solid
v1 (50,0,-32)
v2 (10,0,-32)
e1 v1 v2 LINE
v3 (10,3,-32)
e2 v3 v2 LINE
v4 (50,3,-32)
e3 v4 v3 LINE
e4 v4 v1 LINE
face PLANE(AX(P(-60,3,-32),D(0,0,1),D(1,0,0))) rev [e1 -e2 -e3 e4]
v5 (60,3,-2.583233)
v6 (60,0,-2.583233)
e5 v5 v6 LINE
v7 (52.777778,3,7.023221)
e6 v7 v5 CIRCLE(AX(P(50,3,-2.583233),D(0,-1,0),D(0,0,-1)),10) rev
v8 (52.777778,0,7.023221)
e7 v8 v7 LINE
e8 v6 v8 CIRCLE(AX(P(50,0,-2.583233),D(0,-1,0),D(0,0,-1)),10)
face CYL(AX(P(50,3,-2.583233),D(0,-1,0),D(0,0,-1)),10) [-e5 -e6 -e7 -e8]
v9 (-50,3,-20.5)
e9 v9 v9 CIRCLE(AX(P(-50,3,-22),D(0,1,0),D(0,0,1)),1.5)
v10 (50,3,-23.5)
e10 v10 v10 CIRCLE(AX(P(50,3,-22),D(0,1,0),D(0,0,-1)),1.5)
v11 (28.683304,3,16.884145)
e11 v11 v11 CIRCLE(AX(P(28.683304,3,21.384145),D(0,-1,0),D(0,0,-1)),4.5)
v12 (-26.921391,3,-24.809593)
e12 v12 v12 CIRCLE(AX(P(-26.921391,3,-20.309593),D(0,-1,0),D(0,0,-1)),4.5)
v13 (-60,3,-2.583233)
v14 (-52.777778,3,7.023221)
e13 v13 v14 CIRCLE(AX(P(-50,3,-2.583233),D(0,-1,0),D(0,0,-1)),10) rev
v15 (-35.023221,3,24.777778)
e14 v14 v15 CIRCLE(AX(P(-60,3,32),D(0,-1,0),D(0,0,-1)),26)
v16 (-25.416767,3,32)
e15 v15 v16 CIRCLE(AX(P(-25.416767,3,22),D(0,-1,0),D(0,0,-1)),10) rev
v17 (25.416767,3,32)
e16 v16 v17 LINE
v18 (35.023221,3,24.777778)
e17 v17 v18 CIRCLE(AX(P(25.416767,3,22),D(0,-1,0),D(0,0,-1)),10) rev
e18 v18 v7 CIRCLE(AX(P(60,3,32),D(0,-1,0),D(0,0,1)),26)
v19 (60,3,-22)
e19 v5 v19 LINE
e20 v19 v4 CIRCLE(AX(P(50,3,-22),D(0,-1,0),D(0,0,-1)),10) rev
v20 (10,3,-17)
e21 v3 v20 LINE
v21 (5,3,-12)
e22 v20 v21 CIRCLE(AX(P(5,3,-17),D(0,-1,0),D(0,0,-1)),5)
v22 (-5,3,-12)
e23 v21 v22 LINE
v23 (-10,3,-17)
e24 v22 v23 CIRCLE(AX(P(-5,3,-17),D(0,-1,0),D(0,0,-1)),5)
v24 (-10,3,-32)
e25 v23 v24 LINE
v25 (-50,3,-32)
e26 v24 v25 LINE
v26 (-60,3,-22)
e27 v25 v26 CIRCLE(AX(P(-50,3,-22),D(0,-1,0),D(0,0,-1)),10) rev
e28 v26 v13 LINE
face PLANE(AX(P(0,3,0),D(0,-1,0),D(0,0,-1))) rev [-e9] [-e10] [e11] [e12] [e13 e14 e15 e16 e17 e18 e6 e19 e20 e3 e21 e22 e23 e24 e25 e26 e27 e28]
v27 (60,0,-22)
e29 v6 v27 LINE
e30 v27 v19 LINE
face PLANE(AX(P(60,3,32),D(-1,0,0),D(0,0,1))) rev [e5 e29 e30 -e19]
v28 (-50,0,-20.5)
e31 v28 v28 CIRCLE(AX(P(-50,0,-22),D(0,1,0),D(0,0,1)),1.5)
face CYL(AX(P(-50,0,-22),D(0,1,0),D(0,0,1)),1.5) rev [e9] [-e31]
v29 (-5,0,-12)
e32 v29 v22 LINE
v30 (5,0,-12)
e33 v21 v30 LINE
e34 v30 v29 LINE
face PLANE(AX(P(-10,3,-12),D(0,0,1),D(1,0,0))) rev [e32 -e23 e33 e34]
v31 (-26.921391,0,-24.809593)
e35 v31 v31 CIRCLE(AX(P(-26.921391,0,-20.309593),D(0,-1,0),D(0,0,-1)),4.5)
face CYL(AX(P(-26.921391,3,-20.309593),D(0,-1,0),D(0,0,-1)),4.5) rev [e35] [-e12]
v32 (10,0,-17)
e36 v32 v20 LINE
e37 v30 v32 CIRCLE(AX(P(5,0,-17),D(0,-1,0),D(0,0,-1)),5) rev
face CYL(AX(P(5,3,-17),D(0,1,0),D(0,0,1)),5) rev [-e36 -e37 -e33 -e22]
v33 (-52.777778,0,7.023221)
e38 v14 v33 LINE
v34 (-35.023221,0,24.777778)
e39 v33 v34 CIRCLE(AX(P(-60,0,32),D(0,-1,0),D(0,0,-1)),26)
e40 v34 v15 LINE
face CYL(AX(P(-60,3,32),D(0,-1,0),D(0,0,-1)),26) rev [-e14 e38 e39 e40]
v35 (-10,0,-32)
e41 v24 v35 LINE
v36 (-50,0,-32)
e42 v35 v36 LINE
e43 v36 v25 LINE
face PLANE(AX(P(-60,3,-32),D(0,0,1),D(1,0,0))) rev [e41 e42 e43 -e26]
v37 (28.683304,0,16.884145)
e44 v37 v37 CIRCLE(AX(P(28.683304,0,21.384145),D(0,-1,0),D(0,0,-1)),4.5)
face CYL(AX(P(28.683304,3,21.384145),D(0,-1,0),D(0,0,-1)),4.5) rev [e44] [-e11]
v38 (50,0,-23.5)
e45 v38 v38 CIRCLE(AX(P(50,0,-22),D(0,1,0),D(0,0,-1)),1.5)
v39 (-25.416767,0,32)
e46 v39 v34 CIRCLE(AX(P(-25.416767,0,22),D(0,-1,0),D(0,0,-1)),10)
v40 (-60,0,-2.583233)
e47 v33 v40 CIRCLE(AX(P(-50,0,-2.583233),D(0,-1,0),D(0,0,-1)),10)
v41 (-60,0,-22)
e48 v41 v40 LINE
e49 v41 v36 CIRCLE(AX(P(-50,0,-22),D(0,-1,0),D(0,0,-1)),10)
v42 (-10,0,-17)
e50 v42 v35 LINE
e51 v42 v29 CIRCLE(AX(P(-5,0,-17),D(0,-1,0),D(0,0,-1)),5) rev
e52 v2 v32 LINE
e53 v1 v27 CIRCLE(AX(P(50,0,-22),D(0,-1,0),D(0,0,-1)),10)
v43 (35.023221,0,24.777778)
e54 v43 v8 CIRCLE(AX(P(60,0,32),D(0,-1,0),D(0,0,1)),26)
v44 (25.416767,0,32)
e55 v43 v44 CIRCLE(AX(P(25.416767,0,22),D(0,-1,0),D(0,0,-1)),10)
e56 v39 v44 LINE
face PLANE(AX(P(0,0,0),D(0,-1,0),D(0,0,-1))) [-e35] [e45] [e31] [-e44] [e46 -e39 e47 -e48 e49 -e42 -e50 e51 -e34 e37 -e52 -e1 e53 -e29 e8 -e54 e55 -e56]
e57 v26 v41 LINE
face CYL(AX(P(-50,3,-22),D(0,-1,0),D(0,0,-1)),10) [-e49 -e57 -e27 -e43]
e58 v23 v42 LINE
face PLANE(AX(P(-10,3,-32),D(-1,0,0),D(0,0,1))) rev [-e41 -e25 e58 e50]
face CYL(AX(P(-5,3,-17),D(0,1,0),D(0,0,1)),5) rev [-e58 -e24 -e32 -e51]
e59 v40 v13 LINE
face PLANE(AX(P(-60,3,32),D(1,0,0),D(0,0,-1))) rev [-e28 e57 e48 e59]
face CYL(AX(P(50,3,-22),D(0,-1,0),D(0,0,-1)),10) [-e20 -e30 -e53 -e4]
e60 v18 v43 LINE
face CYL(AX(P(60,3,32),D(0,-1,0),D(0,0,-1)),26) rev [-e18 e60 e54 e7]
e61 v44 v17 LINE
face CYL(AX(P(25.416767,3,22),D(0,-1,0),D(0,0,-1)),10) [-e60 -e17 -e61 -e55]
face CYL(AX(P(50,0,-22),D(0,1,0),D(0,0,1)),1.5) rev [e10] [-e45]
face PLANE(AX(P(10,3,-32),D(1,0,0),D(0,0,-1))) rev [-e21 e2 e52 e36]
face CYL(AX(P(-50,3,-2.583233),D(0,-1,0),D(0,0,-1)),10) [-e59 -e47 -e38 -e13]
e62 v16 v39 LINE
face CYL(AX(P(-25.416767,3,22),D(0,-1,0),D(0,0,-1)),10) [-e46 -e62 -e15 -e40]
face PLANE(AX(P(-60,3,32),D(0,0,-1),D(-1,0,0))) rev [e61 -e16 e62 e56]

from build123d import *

# Parameters (mm, degrees)
SKETCH_1_W          = 120
SKETCH_1_H          = 64
EXTRUDE_1_DEPTH     = 3
SKETCH_2_R          = 1.5
CUT_EXTRUDE_1_DEPTH = 3
FILLET_1_R          = 10
SKETCH_3_W          = 20
SKETCH_3_H          = 20
CUT_EXTRUDE_2_DEPTH = 3
SKETCH_4_R          = 26
CUT_EXTRUDE_3_DEPTH = 3
FILLET_2_R          = 5
FILLET_3_R          = 10
FILLET_4_R          = 10
SKETCH_6_R          = 2.1
CUT_EXTRUDE_5_DEPTH = 6
SKETCH_7_R          = 4.5
CUT_EXTRUDE_6_DEPTH = 3


with BuildPart() as part:
    # 草图1 → 凸台-拉伸1 (new body)
    with BuildSketch(Plane(origin=(0, 0, 0), x_dir=(1, 0, 0), z_dir=(0, 1, 0))):
        Rectangle(SKETCH_1_W, SKETCH_1_H)
    extrude(amount=EXTRUDE_1_DEPTH)

    # 草图2 → 切除-拉伸1 (cut)
    with BuildSketch(Plane(origin=(0, 3, 0), x_dir=(1, 0, 0), z_dir=(0, 1, 0))):
        with Locations(Location((-50, 22, 0), (0, 0, 270))):
            Circle(SKETCH_2_R)
        with Locations(Location((50, 22, 0), (0, 0, 90))):
            Circle(SKETCH_2_R)
    extrude(amount=-CUT_EXTRUDE_1_DEPTH, mode=Mode.SUBTRACT)

    # 圆角1
    fillet_1_edges = [part.edges().sort_by_distance(p)[0] for p in [
        (-60, 1.5, -32),
        (60, 1.5, -32),
    ]]
    fillet(fillet_1_edges, radius=FILLET_1_R)

    # 草图3 → 切除-拉伸2 (cut)
    with BuildSketch(Plane.XZ):
        with Locations((0, -22)):
            Rectangle(SKETCH_3_W, SKETCH_3_H)
    extrude(amount=-CUT_EXTRUDE_2_DEPTH, mode=Mode.SUBTRACT)

    # 草图4 → 切除-拉伸3 (cut)
    with BuildSketch(Plane.XZ):
        with Locations((-60, 32)):
            Circle(SKETCH_4_R)
        with Locations((60, 32)):
            Circle(SKETCH_4_R)
    extrude(amount=-CUT_EXTRUDE_3_DEPTH, mode=Mode.SUBTRACT)

    # 圆角2
    fillet_2_edges = [part.edges().sort_by_distance(p)[0] for p in [
        (-10, 1.5, -12),
        (10, 1.5, -12),
    ]]
    fillet(fillet_2_edges, radius=FILLET_2_R)

    # 圆角3
    fillet_3_edges = [part.edges().sort_by_distance(p)[0] for p in [
        (-60, 1.5, 6),
        (60, 1.5, 6),
    ]]
    fillet(fillet_3_edges, radius=FILLET_3_R)

    # 圆角4
    fillet_4_edges = [part.edges().sort_by_distance(p)[0] for p in [
        (-34, 1.5, 32),
        (34, 1.5, 32),
    ]]
    fillet(fillet_4_edges, radius=FILLET_4_R)

    # 草图6 → 切除-拉伸5 (cut)
    with BuildSketch(Plane(origin=(0, 6, 189.146349293), x_dir=(0, 0, 1), z_dir=(0, 1, 0))):
        with Locations((-209.45594255, -26.921391455)):
            Circle(SKETCH_6_R)
        with Locations((-167.762204108, 28.683304163)):
            Circle(SKETCH_6_R)
    extrude(amount=-CUT_EXTRUDE_5_DEPTH, mode=Mode.SUBTRACT)

    # 草图7 → 切除-拉伸6 (cut)
    with BuildSketch(Plane.XZ):
        with Locations(Location((-26.921391455, -20.309593257, 0), (0, 0, 270))):
            Circle(SKETCH_7_R)
        with Locations(Location((28.683304163, 21.384145185, 0), (0, 0, 270))):
            Circle(SKETCH_7_R)
    extrude(amount=-CUT_EXTRUDE_6_DEPTH, mode=Mode.SUBTRACT)


solid = part.part
